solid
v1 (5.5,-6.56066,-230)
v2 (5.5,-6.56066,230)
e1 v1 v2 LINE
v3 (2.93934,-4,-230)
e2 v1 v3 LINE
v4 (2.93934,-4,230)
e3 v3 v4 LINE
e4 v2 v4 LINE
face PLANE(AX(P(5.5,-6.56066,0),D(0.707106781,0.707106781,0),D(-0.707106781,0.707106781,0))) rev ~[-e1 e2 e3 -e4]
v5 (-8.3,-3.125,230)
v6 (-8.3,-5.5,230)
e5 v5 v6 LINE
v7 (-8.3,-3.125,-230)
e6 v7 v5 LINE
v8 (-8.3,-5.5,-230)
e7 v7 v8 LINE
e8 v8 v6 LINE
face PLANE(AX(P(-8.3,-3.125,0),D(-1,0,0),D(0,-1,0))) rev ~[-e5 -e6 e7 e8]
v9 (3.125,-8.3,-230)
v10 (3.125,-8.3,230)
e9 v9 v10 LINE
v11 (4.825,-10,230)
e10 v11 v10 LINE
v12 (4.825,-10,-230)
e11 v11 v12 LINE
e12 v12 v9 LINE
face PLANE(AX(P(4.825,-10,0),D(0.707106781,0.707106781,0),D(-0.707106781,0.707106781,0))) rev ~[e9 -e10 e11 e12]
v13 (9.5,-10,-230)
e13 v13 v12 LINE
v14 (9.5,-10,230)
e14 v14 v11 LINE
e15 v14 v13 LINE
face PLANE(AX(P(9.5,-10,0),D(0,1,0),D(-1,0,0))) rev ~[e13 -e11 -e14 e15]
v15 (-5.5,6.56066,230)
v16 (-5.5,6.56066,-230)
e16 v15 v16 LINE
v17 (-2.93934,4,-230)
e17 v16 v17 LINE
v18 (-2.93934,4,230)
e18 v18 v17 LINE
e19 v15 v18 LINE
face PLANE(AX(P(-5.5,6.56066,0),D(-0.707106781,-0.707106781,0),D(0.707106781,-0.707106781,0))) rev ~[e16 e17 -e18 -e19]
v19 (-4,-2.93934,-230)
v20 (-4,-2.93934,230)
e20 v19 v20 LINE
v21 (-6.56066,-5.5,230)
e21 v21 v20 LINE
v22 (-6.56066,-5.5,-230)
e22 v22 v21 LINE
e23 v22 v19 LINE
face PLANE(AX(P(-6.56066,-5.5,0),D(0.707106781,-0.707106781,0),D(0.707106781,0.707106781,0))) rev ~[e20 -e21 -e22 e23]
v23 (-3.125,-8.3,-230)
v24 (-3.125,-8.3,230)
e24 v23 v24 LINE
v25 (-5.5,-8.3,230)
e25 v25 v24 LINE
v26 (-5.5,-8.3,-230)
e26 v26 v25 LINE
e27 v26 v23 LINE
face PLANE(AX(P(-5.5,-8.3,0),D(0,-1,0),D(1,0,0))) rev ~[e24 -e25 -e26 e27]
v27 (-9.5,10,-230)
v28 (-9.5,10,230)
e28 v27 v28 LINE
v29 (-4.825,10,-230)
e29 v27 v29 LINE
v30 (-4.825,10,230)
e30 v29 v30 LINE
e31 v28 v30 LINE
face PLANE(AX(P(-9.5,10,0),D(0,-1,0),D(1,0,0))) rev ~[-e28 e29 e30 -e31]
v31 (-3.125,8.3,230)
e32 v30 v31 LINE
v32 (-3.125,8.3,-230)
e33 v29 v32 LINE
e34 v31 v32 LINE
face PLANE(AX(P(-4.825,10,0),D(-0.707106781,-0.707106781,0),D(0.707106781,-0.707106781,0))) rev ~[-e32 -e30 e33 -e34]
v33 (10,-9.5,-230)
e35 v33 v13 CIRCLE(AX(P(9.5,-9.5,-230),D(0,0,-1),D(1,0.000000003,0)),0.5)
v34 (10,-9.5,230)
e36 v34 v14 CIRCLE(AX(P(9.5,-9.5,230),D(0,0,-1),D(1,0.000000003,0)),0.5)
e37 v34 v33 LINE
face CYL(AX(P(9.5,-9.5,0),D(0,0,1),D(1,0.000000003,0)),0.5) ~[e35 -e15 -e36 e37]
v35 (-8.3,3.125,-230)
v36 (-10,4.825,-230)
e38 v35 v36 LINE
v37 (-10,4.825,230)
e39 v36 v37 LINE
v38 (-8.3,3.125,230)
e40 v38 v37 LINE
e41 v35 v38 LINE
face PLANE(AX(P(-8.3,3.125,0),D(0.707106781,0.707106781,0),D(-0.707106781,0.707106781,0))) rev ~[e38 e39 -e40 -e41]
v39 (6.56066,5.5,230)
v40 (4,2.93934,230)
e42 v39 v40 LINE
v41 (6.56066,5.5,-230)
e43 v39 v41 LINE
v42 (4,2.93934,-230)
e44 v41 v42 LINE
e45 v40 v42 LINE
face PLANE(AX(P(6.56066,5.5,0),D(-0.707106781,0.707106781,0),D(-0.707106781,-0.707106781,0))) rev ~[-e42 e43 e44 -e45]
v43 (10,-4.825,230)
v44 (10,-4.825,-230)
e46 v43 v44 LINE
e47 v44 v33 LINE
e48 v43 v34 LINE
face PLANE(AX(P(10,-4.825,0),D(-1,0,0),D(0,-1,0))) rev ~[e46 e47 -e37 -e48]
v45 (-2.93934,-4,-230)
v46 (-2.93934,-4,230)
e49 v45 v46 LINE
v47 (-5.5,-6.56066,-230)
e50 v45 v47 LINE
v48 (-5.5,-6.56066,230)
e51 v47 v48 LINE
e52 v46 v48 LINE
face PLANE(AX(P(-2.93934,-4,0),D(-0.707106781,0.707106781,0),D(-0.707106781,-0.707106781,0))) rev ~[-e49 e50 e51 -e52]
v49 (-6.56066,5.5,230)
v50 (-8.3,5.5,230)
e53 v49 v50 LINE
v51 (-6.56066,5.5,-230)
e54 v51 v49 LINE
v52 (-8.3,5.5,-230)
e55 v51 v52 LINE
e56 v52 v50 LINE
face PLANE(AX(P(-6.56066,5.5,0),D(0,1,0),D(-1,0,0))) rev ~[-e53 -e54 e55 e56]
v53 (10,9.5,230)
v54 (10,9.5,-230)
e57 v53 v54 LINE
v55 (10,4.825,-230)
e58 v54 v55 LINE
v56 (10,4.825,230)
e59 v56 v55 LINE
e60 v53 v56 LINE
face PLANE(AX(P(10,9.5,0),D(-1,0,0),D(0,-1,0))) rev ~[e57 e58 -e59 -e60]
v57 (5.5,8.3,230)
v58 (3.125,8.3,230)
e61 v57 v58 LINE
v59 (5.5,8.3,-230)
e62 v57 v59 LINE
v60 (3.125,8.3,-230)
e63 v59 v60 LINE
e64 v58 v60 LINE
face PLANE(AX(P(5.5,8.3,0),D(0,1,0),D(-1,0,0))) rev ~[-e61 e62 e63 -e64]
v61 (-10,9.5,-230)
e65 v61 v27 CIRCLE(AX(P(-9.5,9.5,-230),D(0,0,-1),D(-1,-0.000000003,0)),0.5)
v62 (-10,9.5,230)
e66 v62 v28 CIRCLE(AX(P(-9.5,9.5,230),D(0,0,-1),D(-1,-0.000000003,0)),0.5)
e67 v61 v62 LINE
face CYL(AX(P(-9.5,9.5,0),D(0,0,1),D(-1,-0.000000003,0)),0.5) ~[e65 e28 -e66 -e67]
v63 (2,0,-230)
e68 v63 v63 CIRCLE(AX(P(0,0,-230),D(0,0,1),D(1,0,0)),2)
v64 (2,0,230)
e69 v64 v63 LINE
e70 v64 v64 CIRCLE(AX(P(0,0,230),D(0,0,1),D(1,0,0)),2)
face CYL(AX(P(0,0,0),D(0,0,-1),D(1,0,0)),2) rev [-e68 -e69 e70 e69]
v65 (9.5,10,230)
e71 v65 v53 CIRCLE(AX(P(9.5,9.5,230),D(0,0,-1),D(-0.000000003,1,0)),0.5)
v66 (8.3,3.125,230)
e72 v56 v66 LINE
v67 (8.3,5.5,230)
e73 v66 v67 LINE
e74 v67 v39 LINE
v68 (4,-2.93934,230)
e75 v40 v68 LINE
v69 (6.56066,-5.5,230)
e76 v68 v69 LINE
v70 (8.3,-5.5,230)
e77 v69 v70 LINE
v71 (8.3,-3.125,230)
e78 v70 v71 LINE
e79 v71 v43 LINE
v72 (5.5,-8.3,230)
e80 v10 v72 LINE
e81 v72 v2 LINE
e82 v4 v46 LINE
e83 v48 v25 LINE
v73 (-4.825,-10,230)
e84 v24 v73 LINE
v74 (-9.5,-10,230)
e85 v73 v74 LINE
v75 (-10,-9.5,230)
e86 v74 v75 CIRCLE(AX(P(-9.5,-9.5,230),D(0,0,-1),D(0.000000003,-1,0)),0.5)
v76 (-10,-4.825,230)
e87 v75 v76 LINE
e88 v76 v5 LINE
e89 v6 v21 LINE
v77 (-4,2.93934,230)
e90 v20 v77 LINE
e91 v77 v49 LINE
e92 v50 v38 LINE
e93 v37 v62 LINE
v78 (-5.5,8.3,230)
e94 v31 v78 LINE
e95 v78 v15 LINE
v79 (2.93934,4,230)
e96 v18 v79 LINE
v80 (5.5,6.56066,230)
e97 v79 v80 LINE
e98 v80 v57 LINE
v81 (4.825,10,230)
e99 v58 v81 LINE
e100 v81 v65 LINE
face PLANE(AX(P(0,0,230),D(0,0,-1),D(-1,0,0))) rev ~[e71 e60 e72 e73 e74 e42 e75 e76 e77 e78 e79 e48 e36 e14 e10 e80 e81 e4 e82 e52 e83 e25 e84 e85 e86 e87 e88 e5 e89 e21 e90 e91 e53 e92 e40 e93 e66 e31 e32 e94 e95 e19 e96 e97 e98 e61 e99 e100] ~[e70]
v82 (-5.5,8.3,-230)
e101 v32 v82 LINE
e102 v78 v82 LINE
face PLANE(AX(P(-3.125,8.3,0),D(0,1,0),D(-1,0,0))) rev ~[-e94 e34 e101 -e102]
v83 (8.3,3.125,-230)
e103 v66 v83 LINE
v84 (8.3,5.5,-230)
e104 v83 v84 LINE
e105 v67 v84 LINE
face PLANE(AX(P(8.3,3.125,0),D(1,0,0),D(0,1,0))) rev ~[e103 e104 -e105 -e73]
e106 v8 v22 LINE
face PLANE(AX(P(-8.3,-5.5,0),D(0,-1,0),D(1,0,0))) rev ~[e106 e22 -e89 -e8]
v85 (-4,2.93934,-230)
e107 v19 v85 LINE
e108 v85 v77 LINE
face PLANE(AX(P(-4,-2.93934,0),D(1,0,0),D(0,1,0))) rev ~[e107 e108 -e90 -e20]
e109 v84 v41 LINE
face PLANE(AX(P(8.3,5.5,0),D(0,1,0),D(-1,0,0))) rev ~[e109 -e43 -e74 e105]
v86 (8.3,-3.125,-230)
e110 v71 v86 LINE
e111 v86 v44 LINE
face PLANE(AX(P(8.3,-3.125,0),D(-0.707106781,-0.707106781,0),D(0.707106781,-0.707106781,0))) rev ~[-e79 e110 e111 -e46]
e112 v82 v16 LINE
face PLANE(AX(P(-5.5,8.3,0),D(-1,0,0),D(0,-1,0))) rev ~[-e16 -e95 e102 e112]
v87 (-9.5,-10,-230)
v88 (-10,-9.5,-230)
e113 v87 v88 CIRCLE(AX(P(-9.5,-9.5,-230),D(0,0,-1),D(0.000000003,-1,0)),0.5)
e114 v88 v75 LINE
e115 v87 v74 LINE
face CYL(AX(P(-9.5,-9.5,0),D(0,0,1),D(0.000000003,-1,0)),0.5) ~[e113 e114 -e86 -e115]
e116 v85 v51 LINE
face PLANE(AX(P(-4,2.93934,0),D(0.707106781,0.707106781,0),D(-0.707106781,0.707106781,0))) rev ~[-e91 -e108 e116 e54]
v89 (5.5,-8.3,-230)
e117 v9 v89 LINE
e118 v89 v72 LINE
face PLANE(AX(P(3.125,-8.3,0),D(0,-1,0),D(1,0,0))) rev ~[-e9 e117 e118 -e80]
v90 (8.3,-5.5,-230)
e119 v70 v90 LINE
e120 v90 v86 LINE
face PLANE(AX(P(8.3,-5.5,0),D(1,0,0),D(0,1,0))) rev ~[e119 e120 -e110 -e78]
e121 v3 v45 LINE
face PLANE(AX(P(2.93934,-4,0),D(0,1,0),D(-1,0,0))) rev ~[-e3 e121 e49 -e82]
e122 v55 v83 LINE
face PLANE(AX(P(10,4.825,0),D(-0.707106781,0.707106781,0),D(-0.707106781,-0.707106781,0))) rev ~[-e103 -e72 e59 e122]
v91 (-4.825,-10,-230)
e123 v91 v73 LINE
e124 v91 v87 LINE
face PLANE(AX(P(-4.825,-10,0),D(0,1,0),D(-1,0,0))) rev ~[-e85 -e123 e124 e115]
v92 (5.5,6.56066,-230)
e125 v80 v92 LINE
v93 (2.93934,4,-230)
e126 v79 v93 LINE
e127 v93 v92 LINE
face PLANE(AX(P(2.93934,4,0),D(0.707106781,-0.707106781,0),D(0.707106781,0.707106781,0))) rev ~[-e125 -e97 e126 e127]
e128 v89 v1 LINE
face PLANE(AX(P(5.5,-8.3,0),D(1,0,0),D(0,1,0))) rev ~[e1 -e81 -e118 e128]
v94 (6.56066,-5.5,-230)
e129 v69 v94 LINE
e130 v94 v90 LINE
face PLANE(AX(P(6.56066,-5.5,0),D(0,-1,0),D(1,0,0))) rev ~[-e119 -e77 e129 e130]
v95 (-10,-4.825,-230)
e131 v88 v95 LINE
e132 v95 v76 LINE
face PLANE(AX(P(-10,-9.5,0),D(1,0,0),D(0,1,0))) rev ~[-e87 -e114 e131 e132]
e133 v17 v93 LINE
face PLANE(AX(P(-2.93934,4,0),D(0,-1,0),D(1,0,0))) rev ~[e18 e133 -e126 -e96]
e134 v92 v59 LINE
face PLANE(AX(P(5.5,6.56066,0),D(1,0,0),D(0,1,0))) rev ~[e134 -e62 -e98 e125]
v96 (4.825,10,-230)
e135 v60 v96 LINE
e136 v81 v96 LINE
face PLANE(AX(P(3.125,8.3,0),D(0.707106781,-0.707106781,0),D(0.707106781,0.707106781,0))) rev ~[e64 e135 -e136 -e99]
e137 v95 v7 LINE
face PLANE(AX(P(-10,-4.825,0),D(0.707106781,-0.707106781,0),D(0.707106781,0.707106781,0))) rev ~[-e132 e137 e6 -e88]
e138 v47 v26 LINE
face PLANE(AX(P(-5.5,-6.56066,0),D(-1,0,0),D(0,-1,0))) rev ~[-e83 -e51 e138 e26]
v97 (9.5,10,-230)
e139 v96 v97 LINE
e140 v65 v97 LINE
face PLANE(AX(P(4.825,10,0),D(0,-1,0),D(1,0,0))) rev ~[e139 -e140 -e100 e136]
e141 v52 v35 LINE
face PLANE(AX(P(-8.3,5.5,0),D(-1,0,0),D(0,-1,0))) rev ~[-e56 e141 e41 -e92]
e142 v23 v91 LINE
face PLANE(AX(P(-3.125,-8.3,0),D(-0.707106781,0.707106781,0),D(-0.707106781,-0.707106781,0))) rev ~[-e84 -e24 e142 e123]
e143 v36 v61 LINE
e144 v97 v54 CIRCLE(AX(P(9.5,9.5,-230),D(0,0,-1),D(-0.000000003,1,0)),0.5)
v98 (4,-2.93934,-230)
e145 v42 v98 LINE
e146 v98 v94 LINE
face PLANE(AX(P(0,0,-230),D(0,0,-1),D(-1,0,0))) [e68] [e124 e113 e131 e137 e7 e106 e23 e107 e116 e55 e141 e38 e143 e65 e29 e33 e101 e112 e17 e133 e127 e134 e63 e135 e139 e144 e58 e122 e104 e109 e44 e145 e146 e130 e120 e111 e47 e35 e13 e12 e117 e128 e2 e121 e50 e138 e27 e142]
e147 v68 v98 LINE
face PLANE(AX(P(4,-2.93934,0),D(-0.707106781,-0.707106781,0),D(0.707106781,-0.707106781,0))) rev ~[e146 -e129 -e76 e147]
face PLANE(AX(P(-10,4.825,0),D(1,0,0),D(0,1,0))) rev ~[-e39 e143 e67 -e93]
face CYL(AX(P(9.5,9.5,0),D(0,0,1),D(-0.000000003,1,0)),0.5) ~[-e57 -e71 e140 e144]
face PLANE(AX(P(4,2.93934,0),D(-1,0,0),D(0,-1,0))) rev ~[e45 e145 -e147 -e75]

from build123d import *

# Parameters (mm, degrees)
CROQUIS1_R              = 2
SALIENTE_EXTRUIR2_DEPTH = 230


with BuildPart() as part:
    # Croquis1 → Saliente-Extruir2 (new, symmetric)
    with BuildSketch(Plane.XY):
        with BuildLine():
            Line((-4.825, 10), (-3.125, 8.3))
            Line((-3.125, 8.3), (-5.5, 8.3))
            Line((-5.5, 8.3), (-5.5, 6.560660172))
            Line((-5.5, 6.560660172), (-2.939339828, 4))
            Line((-2.939339828, 4), (2.939339828, 4))
            Line((2.939339828, 4), (5.5, 6.560660172))
            Line((5.5, 6.560660172), (5.5, 8.3))
            Line((5.5, 8.3), (3.125, 8.3))
            Line((3.125, 8.3), (4.825, 10))
            Line((4.825, 10), (9.5, 10))
            ThreePointArc((9.5, 10), (9.853553391, 9.853553391), (10, 9.5))
            Line((10, 9.5), (10, 4.825))
            Line((10, 4.825), (8.3, 3.125))
            Line((8.3, 3.125), (8.3, 5.5))
            Line((8.3, 5.5), (6.560660172, 5.5))
            Line((6.560660172, 5.5), (4, 2.939339828))
            Line((4, 2.939339828), (4, -2.939339828))
            Line((4, -2.939339828), (6.560660172, -5.5))
            Line((6.560660172, -5.5), (8.3, -5.5))
            Line((8.3, -5.5), (8.3, -3.125))
            Line((8.3, -3.125), (10, -4.825))
            Line((10, -4.825), (10, -9.5))
            ThreePointArc((10, -9.5), (9.853553391, -9.853553391), (9.5, -10))
            Line((9.5, -10), (4.825, -10))
            Line((4.825, -10), (3.125, -8.3))
            Line((3.125, -8.3), (5.5, -8.3))
            Line((5.5, -8.3), (5.5, -6.560660172))
            Line((5.5, -6.560660172), (2.939339828, -4))
            Line((2.939339828, -4), (-2.939339828, -4))
            Line((-2.939339828, -4), (-5.5, -6.560660172))
            Line((-5.5, -6.560660172), (-5.5, -8.3))
            Line((-5.5, -8.3), (-3.125, -8.3))
            Line((-3.125, -8.3), (-4.825, -10))
            Line((-4.825, -10), (-9.5, -10))
            ThreePointArc((-9.5, -10), (-9.853553391, -9.853553391), (-10, -9.5))
            Line((-10, -9.5), (-10, -4.825))
            Line((-10, -4.825), (-8.3, -3.125))
            Line((-8.3, -3.125), (-8.3, -5.5))
            Line((-8.3, -5.5), (-6.560660172, -5.5))
            Line((-6.560660172, -5.5), (-4, -2.939339828))
            Line((-4, -2.939339828), (-4, 2.939339828))
            Line((-4, 2.939339828), (-6.560660172, 5.5))
            Line((-6.560660172, 5.5), (-8.3, 5.5))
            Line((-8.3, 5.5), (-8.3, 3.125))
            Line((-8.3, 3.125), (-10, 4.825))
            Line((-10, 4.825), (-10, 9.5))
            ThreePointArc((-10, 9.5), (-9.853553391, 9.853553391), (-9.5, 10))
            Line((-9.5, 10), (-4.825, 10))
        make_face()
        Circle(CROQUIS1_R, mode=Mode.SUBTRACT)
    extrude(amount=SALIENTE_EXTRUIR2_DEPTH, both=True)


solid = part.part
